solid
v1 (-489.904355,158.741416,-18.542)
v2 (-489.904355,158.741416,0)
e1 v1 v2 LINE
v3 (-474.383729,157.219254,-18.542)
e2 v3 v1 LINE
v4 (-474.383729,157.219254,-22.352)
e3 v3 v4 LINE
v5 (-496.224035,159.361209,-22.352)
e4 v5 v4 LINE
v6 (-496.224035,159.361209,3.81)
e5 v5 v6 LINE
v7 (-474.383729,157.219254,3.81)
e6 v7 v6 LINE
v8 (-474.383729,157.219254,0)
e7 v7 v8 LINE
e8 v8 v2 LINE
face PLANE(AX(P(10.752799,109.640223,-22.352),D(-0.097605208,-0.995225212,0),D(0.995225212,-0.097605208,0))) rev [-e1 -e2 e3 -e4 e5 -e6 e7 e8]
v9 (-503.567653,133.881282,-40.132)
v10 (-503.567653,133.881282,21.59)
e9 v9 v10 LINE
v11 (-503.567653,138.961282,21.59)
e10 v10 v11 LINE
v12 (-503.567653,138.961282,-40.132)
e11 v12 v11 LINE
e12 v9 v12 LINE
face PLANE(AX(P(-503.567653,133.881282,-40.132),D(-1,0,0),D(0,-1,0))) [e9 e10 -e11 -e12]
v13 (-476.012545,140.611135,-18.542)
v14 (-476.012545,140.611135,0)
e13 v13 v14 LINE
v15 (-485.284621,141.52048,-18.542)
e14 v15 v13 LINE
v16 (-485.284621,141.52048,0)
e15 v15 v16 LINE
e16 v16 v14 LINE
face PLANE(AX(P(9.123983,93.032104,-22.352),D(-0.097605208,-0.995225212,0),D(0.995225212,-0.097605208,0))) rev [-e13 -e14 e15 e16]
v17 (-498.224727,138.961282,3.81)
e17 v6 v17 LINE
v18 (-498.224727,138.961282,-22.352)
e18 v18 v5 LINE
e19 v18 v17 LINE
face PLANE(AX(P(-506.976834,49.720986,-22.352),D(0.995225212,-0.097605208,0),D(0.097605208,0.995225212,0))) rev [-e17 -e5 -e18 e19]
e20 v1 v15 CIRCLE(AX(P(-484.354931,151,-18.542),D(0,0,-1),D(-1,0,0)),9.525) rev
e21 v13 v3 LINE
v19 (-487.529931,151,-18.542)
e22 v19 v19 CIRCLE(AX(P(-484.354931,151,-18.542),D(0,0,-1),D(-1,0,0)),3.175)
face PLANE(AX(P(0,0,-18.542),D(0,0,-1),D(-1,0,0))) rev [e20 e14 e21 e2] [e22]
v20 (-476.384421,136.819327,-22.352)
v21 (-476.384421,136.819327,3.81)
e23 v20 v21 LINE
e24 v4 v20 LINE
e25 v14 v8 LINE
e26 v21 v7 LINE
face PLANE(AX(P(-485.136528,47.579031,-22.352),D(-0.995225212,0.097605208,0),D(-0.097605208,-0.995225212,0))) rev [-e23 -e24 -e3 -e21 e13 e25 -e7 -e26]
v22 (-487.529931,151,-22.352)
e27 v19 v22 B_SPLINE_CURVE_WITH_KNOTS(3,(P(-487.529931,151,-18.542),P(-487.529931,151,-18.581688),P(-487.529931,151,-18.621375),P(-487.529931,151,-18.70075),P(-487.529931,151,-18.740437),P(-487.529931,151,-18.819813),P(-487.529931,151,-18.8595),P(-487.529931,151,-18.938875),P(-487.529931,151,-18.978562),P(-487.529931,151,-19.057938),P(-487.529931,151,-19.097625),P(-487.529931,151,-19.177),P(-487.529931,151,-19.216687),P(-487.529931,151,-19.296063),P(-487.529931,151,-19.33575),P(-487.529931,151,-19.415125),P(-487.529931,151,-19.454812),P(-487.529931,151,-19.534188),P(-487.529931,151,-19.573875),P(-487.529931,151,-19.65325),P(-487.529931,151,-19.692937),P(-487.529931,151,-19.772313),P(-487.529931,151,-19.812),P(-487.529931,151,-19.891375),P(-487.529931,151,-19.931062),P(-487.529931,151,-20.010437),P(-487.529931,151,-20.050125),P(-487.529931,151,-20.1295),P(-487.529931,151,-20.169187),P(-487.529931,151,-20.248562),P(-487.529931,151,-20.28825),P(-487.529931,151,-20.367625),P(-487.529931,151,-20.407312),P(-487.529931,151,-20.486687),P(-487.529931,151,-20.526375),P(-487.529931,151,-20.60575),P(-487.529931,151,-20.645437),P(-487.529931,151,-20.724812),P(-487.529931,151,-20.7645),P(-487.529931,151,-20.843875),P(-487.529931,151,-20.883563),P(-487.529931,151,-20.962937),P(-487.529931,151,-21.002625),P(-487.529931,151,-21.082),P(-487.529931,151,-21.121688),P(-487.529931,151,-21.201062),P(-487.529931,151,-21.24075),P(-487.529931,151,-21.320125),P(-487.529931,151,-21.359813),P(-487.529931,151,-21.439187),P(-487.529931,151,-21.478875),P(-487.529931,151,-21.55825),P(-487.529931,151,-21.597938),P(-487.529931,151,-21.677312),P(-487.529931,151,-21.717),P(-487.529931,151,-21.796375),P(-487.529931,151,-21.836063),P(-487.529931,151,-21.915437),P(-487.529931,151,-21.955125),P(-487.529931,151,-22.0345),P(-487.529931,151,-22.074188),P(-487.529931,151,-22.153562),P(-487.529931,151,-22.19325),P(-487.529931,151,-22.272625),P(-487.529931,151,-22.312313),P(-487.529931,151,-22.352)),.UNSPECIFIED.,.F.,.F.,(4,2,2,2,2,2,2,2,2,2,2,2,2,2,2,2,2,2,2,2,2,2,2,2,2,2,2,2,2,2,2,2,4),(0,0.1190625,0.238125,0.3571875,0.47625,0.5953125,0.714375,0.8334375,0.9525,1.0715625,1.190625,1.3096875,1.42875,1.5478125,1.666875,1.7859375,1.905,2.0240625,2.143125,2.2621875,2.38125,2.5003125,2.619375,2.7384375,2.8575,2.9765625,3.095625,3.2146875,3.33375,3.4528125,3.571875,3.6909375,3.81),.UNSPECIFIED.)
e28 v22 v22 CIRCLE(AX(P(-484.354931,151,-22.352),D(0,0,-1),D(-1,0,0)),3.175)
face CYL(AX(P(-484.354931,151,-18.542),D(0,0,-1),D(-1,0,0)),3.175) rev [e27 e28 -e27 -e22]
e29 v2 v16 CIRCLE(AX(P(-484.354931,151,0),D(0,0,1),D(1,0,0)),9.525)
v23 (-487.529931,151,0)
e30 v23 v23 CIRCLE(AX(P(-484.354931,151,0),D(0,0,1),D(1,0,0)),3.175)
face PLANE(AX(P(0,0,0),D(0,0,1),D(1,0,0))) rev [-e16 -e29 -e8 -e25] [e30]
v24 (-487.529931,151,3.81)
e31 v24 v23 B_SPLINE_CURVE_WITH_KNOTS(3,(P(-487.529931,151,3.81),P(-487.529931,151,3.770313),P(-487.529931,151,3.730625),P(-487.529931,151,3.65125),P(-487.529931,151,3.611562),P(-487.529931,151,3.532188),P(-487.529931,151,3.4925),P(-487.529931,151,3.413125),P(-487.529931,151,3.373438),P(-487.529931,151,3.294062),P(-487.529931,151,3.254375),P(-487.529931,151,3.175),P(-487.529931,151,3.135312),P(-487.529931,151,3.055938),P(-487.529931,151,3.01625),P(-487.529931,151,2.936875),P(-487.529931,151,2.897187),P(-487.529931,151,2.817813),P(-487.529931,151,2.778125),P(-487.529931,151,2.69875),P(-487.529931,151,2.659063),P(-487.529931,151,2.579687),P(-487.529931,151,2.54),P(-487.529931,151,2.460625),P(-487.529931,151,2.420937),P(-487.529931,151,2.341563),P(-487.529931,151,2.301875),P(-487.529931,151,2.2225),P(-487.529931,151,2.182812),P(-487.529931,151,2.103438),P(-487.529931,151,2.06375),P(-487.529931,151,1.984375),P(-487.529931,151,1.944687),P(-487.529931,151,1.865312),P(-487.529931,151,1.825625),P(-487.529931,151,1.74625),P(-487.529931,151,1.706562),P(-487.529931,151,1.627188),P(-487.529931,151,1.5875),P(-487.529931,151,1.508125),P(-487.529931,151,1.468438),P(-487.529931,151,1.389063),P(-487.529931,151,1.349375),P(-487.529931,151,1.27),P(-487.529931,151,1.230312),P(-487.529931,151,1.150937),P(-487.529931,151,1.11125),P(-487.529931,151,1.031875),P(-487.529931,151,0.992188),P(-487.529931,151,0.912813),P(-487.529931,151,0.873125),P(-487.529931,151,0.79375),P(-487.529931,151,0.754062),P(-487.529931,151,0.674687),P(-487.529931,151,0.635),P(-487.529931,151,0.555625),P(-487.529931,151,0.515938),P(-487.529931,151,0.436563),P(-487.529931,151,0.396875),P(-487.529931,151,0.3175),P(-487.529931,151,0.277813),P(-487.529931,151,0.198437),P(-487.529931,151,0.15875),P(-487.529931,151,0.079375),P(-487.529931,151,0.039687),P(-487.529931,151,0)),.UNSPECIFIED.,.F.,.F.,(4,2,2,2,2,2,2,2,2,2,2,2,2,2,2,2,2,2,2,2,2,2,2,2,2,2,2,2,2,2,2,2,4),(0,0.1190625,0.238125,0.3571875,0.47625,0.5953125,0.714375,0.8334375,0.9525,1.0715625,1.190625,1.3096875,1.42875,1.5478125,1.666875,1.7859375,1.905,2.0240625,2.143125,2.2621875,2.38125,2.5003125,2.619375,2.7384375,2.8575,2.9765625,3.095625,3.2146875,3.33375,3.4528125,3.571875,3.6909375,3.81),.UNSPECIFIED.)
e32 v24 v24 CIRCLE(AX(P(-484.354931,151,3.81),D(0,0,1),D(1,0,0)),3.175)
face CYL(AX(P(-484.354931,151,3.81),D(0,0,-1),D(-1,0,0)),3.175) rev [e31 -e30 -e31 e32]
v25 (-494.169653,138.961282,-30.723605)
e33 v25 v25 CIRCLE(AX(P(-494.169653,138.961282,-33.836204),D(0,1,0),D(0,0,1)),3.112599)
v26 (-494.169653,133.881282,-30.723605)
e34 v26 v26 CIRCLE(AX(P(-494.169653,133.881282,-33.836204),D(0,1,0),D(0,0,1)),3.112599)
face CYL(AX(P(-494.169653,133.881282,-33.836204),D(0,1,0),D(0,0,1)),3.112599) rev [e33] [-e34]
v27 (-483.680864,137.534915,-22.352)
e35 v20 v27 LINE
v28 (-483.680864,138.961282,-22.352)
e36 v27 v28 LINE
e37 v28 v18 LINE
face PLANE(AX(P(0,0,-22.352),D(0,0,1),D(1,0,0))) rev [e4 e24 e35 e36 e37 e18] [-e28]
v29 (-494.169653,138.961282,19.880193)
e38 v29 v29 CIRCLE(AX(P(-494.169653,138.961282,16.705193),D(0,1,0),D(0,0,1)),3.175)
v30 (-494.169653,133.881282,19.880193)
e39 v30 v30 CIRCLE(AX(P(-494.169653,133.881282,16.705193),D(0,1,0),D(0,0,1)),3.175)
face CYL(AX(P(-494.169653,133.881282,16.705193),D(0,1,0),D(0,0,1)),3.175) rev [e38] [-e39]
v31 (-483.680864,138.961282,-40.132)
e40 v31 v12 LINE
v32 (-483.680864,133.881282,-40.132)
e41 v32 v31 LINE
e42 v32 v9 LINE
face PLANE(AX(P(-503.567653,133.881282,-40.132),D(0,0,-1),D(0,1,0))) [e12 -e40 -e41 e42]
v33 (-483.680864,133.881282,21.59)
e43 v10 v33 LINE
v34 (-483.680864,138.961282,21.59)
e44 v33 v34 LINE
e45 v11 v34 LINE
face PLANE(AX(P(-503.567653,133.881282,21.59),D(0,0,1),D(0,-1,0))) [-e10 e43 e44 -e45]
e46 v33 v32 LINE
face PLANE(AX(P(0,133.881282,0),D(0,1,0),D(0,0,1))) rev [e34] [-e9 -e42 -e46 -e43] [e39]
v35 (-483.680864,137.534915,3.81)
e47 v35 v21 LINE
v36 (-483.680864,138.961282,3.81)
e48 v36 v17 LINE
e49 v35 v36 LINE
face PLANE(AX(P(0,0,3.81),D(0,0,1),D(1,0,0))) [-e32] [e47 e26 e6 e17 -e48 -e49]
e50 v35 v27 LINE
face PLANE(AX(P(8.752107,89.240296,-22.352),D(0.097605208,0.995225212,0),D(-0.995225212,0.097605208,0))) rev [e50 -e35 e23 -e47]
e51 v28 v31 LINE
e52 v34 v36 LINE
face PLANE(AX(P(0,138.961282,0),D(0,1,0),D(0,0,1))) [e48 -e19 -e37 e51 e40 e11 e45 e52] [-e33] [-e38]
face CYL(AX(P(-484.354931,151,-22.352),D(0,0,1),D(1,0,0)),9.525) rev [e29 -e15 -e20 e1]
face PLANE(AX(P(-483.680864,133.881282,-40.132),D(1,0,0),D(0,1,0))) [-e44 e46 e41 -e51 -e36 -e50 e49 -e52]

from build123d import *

# Parameters (mm, degrees)
BOSS_EXTRUDE1_DEPTH = 22.352
BOSS_EXTRUDE2_START = -3.81
SKETCH2_R           = 3.175
BOSS_EXTRUDE2_DEPTH = 3.81
BOSS_EXTRUDE4_START = 3.81
SKETCH3_R           = 3.175
BOSS_EXTRUDE4_DEPTH = 3.81
SKETCH4_W           = 19.88678917
SKETCH4_H           = 61.722
BOSS_EXTRUDE5_DEPTH = 5.08
SKETCH6_R           = 3.175
SKETCH6_R_2         = 3.112599105
CUT_EXTRUDE2_DEPTH  = 5.08


with BuildPart() as part:
    # Sketch1 → Boss-Extrude1 (new body)
    with BuildSketch(Plane.XY):
        with BuildLine():
            Line((-476.384421201, 136.819327006), (-476.01254536, 140.611135065))
            Line((-476.01254536, 140.611135065), (-485.284620904, 141.520479852))
            ThreePointArc((-485.284620904, 141.520479852), (-488.563156596, 142.455032775), (-491.302607825, 144.484217934))
            ThreePointArc((-491.302607825, 144.484217934), (-493.83445145, 151.929689602), (-489.904354663, 158.741416237))
            Line((-489.904354663, 158.741416237), (-496.224034762, 159.361209305))
            Line((-496.224034762, 159.361209305), (-498.224726786, 138.961281946))
            Line((-498.224726786, 138.961281946), (-476.384421201, 136.819327006))
        make_face()
    extrude(amount=-BOSS_EXTRUDE1_DEPTH)

    # Sketch2 → Boss-Extrude2 (add)
    with BuildSketch(Plane(origin=(0, 0, -22.352), x_dir=(-1, 0, 0), z_dir=(0, 0, -1)).offset(BOSS_EXTRUDE2_START)):
        with BuildLine():
            Line((474.383729176, 157.219254365), (489.904354663, 158.741416237))
            ThreePointArc((489.904354663, 158.741416237), (493.55465351, 148.532058286), (485.284620904, 141.520479852))
            Line((485.284620904, 141.520479852), (476.01254536, 140.611135065))
            Line((476.01254536, 140.611135065), (474.383729176, 157.219254365))
        make_face()
        with Locations((484.354931302, 151)):
            Circle(SKETCH2_R, mode=Mode.SUBTRACT)
    extrude(amount=BOSS_EXTRUDE2_DEPTH)

    # Sketch3 → Boss-Extrude4 (add)
    # profile 1 of 2: a face of its own
    with BuildSketch(Plane.XY.offset(BOSS_EXTRUDE4_START)):
        with BuildLine():
            Line((-474.383729176, 157.219254365), (-489.904354663, 158.741416237))
            ThreePointArc((-489.904354663, 158.741416237), (-493.55465351, 148.532058286), (-485.284620904, 141.520479852))
            Line((-485.284620904, 141.520479852), (-476.01254536, 140.611135065))
            Line((-476.01254536, 140.611135065), (-474.383729176, 157.219254365))
        make_face()
        with Locations(Location((-484.354931302, 151, 0), (0, 0, 180))):
            Circle(SKETCH3_R, mode=Mode.SUBTRACT)
    # profile 2 of 2: a face of its own
    with BuildSketch(Plane.XY.offset(BOSS_EXTRUDE4_START)):
        with BuildLine():
            Line((-476.01254536, 140.611135065), (-485.284620904, 141.520479852))
            ThreePointArc((-485.284620904, 141.520479852), (-493.55465351, 148.532058286), (-489.904354663, 158.741416237))
            Line((-489.904354663, 158.741416237), (-496.224034762, 159.361209305))
            Line((-496.224034762, 159.361209305), (-498.224726786, 138.961281946))
            Line((-498.224726786, 138.961281946), (-476.384421201, 136.819327006))
            Line((-476.384421201, 136.819327006), (-476.01254536, 140.611135065))
        make_face()
    extrude(amount=-BOSS_EXTRUDE4_DEPTH)

    # Sketch4 → Boss-Extrude5 (add)
    with BuildSketch(Plane(origin=(0, 138.961281946, 0), x_dir=(1, 0, 0), z_dir=(0, 1, 0))):
        with Locations((-493.624258186, 9.271)):
            Rectangle(SKETCH4_W, SKETCH4_H)
    extrude(amount=-BOSS_EXTRUDE5_DEPTH)

    # Sketch6 → Cut-Extrude2 (cut)
    with BuildSketch(Plane(origin=(0, 138.961281946, 0), x_dir=(1, 0, 0), z_dir=(0, 1, 0))):
        with Locations(Location((-494.169652771, -16.705193035, 0), (0, 0, 270))):
            Circle(SKETCH6_R)
        with Locations(Location((-494.169652771, 33.836204424, 0), (0, 0, 270))):
            Circle(SKETCH6_R_2)
    extrude(amount=-CUT_EXTRUDE2_DEPTH, mode=Mode.SUBTRACT)


solid = part.part
